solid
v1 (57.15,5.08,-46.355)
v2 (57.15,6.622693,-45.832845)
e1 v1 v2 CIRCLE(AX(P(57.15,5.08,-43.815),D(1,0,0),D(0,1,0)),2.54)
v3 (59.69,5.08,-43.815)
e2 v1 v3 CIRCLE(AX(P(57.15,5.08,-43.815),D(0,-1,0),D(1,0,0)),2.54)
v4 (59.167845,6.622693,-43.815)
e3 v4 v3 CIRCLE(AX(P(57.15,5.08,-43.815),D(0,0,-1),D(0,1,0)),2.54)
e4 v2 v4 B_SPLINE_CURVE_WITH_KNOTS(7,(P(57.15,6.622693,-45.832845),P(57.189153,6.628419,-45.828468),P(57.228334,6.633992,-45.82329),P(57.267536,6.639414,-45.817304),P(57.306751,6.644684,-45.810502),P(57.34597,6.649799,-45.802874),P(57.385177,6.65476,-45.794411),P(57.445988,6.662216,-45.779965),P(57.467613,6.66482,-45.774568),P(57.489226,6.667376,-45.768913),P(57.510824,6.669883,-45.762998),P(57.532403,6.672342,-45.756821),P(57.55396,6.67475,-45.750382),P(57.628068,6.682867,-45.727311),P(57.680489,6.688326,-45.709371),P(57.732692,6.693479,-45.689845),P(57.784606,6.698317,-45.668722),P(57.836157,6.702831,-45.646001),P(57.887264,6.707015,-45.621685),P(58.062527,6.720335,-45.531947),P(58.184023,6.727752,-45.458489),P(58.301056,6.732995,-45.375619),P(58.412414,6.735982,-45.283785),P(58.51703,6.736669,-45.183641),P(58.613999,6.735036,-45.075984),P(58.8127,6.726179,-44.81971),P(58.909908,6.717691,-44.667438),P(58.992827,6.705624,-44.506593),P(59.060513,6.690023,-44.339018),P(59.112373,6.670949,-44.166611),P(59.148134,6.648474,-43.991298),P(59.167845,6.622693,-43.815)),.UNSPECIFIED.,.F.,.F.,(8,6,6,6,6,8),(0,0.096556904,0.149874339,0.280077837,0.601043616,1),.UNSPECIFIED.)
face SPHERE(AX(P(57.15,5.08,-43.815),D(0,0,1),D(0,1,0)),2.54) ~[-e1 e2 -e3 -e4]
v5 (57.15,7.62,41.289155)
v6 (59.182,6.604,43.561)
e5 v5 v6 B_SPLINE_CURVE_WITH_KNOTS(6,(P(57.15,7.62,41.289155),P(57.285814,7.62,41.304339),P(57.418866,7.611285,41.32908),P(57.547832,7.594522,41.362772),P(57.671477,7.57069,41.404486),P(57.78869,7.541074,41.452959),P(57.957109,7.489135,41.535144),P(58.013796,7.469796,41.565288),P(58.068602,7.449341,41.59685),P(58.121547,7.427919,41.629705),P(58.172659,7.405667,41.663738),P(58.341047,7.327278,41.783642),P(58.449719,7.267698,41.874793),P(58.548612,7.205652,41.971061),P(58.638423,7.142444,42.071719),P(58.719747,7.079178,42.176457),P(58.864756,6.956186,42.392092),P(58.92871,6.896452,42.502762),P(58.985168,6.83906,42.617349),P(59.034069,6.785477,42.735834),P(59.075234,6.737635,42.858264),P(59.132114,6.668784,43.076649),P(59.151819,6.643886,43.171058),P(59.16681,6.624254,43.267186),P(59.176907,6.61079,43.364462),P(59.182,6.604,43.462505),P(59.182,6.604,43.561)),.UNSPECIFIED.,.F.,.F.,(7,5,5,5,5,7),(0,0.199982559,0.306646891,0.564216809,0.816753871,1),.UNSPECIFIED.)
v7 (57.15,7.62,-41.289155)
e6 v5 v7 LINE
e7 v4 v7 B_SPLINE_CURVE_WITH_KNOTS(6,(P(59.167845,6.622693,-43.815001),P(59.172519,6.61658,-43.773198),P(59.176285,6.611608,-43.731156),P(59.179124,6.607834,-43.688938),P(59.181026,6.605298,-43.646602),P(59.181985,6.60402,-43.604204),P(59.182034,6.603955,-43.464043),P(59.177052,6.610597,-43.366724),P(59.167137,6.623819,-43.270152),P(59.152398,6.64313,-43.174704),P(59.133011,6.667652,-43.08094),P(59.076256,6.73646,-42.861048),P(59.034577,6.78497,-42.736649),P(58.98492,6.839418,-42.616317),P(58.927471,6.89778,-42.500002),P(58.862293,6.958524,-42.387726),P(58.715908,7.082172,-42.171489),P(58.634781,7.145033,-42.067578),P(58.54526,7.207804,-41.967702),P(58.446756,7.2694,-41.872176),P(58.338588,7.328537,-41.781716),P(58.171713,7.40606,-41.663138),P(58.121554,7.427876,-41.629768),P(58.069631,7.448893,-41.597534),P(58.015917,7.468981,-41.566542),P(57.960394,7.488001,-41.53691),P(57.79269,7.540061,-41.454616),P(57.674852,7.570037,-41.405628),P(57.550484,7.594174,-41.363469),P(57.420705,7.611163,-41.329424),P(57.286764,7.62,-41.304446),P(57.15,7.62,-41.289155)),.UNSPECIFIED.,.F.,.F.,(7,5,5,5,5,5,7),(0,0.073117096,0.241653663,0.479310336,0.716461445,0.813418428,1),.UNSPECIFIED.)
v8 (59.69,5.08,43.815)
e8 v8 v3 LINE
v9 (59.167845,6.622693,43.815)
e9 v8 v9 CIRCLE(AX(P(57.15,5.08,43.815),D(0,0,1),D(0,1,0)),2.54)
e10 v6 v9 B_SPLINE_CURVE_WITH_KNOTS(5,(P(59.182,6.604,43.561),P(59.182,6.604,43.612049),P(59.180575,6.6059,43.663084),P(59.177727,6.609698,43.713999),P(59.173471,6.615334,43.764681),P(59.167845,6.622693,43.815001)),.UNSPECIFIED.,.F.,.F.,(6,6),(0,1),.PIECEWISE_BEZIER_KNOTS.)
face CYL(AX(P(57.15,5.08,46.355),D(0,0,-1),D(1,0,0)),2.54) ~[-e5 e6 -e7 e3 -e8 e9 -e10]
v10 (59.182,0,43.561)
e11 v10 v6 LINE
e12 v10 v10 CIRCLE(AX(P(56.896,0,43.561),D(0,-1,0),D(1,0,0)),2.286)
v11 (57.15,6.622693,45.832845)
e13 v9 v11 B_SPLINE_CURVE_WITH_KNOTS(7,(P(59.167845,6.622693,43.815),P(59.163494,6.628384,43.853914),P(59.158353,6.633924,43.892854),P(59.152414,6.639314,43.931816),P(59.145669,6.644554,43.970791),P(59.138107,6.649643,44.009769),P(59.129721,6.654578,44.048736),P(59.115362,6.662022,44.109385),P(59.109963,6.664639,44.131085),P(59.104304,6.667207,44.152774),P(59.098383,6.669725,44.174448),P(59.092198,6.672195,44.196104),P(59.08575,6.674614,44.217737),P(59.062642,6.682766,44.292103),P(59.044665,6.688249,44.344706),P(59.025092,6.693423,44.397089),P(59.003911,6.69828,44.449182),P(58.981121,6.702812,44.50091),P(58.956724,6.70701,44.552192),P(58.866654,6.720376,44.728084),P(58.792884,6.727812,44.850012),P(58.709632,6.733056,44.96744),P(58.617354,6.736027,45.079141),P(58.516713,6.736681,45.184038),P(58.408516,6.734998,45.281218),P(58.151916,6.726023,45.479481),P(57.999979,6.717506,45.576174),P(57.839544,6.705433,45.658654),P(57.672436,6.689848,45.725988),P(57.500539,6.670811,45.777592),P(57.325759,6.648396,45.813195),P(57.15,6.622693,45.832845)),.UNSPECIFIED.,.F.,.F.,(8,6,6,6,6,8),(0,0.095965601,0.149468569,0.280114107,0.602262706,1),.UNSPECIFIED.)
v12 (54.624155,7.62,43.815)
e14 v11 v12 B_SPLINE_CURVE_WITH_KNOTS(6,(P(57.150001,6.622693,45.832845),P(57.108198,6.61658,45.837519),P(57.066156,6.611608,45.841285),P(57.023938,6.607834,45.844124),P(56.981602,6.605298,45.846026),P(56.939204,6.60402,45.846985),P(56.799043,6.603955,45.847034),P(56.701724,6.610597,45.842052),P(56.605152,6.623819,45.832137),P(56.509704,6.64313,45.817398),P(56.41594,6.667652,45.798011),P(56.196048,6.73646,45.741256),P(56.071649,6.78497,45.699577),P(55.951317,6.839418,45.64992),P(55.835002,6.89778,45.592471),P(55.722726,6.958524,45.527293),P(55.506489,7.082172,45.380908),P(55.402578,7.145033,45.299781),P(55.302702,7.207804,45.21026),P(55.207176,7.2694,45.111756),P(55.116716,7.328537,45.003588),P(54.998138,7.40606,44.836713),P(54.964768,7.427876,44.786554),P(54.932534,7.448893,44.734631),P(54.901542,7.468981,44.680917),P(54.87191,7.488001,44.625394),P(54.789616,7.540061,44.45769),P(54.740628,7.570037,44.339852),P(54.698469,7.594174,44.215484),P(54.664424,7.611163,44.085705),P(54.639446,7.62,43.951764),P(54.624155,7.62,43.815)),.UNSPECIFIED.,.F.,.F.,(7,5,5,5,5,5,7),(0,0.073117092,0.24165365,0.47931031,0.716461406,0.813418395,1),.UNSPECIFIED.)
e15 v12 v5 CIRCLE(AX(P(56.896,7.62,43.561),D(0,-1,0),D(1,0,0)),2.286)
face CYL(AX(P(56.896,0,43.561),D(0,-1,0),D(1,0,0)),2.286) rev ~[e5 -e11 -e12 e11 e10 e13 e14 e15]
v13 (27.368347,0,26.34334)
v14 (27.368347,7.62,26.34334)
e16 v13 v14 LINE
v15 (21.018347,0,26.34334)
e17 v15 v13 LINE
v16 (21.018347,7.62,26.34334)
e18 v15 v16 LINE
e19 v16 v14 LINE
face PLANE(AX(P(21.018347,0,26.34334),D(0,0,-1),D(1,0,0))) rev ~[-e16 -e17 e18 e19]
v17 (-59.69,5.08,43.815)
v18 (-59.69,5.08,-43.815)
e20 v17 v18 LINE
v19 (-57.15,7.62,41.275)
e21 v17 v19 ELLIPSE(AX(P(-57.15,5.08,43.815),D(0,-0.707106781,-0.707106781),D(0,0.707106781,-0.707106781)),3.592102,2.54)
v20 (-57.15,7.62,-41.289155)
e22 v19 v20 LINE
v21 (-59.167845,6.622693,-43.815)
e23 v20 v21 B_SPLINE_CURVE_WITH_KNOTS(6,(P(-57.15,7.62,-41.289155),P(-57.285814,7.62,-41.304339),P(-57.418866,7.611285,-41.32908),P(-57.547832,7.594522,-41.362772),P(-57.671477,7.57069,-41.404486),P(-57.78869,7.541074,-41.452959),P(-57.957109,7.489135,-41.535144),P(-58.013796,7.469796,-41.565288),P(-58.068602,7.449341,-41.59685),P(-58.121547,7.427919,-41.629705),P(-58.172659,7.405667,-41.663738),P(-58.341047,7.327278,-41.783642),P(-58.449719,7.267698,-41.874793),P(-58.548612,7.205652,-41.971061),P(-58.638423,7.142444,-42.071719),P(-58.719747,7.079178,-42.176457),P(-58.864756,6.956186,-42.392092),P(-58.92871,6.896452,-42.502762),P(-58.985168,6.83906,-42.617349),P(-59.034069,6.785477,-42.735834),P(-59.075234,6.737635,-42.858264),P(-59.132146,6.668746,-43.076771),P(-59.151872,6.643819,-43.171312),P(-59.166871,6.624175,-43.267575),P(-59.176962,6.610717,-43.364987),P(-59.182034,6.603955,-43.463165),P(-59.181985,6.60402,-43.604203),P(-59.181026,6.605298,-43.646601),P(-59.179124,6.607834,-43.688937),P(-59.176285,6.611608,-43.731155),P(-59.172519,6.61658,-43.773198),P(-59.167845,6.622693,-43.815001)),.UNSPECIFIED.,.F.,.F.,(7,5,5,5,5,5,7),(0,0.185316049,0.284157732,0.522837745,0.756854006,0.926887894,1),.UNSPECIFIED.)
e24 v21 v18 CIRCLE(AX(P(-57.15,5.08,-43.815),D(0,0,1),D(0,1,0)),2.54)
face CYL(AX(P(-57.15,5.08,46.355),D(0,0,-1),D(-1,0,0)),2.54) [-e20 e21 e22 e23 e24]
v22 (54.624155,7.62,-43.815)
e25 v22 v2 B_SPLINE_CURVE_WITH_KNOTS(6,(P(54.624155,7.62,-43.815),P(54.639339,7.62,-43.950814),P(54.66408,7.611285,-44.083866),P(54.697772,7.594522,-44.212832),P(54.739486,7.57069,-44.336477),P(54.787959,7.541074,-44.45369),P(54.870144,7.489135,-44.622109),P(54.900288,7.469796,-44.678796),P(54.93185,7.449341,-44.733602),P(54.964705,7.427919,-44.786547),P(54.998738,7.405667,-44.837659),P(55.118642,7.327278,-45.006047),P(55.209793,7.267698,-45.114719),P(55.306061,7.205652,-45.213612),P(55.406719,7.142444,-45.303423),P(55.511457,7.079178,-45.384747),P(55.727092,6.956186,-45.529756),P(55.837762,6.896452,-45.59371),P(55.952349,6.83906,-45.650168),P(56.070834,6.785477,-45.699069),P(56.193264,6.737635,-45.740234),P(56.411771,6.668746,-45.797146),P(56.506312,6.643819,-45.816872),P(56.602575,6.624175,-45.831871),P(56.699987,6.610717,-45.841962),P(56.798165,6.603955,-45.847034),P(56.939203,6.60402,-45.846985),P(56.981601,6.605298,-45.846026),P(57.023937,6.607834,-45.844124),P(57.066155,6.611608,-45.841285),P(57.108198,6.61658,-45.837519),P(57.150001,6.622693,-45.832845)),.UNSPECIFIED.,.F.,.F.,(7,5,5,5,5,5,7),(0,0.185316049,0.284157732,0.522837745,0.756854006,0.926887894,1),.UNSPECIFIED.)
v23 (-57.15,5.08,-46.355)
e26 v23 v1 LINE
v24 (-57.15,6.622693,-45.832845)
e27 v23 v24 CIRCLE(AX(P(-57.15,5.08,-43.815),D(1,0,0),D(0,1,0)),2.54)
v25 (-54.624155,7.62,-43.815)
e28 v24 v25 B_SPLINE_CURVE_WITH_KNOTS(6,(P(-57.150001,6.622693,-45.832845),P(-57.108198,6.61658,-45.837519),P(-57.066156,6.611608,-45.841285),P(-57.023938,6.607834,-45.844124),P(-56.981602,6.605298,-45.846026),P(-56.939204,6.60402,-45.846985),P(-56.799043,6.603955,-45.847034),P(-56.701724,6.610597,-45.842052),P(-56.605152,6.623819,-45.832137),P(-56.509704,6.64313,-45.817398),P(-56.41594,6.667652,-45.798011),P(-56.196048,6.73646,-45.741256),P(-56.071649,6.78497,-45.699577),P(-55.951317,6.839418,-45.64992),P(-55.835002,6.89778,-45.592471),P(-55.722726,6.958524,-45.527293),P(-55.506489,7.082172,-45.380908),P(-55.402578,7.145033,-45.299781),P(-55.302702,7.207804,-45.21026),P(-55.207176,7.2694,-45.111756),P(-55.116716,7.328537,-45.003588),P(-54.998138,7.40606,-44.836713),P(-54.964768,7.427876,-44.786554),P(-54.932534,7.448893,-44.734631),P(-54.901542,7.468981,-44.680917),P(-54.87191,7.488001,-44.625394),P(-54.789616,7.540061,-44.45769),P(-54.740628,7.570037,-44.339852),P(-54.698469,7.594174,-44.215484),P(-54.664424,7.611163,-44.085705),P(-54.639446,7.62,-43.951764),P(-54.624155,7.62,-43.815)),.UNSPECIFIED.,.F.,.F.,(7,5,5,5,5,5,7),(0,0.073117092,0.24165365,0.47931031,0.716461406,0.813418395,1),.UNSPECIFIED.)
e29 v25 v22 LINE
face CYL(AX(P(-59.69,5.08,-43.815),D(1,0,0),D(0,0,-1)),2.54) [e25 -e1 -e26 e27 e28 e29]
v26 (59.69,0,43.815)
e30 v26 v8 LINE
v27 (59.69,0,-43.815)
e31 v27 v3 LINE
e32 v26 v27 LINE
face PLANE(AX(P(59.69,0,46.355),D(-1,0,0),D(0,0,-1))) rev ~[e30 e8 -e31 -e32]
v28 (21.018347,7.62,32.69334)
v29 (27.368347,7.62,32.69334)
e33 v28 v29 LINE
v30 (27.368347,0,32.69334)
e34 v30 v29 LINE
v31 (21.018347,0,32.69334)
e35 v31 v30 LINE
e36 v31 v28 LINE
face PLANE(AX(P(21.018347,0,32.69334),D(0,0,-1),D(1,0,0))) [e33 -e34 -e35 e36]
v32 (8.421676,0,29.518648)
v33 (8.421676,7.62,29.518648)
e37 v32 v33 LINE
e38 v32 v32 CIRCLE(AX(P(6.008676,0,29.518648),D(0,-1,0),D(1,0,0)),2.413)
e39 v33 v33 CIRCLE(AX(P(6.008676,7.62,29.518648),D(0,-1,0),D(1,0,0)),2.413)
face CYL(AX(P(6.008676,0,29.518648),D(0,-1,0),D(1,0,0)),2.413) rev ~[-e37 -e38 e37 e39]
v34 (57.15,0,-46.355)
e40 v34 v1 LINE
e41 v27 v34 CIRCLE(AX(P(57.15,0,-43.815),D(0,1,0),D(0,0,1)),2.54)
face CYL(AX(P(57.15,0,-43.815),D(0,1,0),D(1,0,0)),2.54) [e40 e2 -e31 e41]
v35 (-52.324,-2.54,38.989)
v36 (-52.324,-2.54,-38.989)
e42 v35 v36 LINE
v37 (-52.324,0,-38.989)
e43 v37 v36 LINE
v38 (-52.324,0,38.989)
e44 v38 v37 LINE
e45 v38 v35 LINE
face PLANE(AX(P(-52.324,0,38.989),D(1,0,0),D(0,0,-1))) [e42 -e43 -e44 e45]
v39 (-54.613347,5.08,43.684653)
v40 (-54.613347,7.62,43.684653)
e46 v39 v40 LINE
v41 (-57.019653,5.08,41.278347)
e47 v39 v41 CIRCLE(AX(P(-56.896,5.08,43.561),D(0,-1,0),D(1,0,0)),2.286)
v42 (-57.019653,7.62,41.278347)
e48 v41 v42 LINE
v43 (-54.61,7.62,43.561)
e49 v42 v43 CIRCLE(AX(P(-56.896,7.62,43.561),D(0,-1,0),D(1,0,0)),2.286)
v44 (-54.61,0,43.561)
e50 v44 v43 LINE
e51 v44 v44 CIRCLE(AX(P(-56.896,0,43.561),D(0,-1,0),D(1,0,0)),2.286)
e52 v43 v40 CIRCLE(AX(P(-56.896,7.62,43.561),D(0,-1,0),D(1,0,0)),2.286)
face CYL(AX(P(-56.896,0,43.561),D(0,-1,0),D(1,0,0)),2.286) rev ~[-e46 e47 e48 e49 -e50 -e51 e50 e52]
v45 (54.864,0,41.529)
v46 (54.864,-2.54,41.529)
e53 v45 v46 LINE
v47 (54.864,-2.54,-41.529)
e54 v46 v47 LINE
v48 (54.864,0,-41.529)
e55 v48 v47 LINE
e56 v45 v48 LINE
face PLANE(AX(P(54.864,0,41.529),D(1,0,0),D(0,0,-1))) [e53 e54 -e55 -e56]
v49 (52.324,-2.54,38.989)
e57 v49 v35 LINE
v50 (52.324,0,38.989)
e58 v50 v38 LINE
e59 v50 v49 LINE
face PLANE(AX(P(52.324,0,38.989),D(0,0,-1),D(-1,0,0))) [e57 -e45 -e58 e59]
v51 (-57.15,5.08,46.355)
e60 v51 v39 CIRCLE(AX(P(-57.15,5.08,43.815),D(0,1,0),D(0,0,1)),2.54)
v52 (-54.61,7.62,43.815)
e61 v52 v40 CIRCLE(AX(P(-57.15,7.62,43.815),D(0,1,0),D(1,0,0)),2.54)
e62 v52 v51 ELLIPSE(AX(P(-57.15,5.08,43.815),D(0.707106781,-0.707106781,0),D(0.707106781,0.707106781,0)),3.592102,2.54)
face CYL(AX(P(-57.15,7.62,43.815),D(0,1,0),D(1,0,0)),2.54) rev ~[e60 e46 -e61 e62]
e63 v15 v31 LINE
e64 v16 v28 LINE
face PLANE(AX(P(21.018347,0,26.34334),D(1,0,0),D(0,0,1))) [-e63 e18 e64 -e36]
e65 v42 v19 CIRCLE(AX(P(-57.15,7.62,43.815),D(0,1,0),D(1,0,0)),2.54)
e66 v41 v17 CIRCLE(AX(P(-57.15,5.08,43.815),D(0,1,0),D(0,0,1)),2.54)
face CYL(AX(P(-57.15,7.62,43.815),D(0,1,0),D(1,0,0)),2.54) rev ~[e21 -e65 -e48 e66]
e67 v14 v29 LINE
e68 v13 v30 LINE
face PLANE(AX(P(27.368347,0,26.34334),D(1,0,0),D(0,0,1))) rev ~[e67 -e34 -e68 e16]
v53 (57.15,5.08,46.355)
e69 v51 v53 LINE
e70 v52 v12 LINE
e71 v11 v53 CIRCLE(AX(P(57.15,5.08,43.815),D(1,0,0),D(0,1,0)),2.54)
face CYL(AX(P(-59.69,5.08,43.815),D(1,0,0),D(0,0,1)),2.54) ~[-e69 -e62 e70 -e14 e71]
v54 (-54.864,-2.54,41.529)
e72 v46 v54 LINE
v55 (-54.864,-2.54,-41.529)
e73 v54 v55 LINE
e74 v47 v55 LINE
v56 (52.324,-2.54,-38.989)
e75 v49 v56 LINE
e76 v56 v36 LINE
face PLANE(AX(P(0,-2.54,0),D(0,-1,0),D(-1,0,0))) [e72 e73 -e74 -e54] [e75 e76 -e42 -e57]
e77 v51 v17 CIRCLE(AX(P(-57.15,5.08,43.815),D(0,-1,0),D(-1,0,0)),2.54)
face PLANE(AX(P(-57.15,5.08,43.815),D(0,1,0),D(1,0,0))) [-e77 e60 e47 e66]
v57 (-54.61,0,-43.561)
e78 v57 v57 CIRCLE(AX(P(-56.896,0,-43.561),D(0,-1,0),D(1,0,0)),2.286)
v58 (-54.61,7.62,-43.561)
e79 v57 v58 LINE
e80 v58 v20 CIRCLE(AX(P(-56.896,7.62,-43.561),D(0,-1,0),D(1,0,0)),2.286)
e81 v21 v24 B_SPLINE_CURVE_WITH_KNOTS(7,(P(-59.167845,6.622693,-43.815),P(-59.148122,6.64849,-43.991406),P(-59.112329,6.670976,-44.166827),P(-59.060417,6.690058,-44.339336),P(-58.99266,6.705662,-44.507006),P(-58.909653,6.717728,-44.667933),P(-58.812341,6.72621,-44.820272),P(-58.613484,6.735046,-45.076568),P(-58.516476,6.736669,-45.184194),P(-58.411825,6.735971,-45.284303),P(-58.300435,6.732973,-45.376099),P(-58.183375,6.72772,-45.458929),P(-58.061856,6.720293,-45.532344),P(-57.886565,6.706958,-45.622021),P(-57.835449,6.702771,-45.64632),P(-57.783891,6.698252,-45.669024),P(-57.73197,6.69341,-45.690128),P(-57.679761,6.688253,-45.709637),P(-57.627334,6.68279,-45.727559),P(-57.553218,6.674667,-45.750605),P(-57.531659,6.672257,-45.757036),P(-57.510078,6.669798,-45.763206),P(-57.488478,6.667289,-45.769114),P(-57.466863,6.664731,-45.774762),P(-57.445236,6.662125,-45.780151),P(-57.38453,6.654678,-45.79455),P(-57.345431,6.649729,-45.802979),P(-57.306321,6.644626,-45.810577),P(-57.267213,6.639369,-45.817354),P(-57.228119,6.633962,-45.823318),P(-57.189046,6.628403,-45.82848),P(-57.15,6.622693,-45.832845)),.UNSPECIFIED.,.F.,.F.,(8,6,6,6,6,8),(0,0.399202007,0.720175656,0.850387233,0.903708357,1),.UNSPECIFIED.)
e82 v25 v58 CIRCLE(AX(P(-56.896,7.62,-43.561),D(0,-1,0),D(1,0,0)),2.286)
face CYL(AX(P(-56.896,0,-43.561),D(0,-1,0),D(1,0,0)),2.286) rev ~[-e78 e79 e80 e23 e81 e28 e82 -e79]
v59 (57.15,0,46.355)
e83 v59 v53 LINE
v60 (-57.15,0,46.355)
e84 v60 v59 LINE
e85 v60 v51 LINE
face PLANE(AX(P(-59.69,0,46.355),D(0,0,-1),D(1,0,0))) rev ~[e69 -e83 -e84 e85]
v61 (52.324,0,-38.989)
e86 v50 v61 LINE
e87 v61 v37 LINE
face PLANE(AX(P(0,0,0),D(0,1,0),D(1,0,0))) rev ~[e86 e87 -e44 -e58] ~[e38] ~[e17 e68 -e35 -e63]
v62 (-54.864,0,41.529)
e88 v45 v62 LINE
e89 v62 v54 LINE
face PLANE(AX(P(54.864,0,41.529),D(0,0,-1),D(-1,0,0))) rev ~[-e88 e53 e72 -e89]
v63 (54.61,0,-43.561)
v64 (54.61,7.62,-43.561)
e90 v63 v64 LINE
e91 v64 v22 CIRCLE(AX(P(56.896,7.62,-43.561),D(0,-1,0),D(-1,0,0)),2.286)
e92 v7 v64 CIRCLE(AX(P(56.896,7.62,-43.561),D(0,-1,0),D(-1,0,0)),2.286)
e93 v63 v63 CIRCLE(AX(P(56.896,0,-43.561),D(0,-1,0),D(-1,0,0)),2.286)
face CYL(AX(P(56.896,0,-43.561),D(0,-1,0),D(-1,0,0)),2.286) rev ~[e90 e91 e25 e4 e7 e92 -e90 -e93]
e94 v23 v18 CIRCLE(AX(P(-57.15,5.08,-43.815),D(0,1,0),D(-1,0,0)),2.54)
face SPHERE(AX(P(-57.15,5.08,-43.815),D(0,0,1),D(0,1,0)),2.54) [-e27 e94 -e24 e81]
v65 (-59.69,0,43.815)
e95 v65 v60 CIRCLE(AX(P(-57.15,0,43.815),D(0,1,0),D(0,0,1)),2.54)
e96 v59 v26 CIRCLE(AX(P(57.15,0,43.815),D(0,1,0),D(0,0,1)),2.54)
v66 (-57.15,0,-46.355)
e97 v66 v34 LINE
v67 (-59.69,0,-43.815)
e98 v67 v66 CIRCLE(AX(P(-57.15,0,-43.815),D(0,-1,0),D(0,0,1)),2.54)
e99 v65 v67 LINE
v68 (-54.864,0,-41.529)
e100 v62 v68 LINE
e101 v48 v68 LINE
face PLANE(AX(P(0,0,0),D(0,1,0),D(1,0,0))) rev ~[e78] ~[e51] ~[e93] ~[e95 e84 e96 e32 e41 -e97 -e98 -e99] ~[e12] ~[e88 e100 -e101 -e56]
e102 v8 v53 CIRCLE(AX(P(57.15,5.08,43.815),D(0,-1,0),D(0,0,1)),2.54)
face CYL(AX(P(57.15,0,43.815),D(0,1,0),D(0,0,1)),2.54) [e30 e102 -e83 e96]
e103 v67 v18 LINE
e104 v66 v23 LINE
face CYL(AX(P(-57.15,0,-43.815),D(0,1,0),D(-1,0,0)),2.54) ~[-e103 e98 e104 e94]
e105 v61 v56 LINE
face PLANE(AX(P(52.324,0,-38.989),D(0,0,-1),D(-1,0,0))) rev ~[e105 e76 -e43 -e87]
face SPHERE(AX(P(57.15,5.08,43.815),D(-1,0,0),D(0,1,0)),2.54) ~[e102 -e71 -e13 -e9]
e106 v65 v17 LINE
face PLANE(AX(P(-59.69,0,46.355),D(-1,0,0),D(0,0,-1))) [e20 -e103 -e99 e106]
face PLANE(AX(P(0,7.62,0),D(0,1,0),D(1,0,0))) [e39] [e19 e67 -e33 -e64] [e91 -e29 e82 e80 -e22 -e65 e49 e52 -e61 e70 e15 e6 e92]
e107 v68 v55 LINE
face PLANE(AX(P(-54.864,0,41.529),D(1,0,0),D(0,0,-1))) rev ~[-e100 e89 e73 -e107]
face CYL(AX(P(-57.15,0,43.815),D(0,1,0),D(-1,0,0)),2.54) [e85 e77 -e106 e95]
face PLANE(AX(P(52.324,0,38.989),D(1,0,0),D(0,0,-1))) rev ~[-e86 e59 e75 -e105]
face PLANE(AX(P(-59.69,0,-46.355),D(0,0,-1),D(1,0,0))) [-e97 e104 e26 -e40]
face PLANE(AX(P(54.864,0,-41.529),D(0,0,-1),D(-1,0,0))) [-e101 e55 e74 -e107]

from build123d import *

# Parameters (mm, degrees)
SKETCH1_W           = 119.38
SKETCH1_H           = 92.71
BOSS_EXTRUDE1_DEPTH = 7.62
FILLET1_R           = 2.54
SKETCH3_R           = 2.413
CUT_EXTRUDE1_DEPTH  = 8.128
SKETCH4_W           = 6.35
SKETCH4_H           = 6.35
CUT_EXTRUDE2_DEPTH  = 7.62
SKETCH5_R           = 2.54
CUT_EXTRUDE3_DEPTH  = 2.54
SKETCH6_W           = 109.728
SKETCH6_H           = 83.058
SKETCH6_W_2         = 104.648
SKETCH6_H_2         = 77.978
BOSS_EXTRUDE2_DEPTH = 2.54
SKETCH8_R           = 2.286
CUT_EXTRUDE4_DEPTH  = 8.62
SKETCH9_R           = 2.286
CUT_EXTRUDE5_DEPTH  = 8.6200001
SKETCH11_R          = 2.286
CUT_EXTRUDE6_DEPTH  = 8.6200001
SKETCH12_R          = 2.286
CUT_EXTRUDE7_DEPTH  = 8.6200001


with BuildPart() as part:
    # Sketch1 → Boss-Extrude1 (new body)
    with BuildSketch(Plane(origin=(0, 0, 0), x_dir=(1, 0, 0), z_dir=(0, 1, 0))):
        Rectangle(SKETCH1_W, SKETCH1_H)
    extrude(amount=BOSS_EXTRUDE1_DEPTH)

    # Fillet1
    fillet1_edges = [part.edges().sort_by_distance(p)[0] for p in [
        (-59.69, 7.62, 0),
        (0, 7.62, 46.355),
        (59.69, 7.62, 0),
        (0, 7.62, -46.355),
        (59.69, 3.81, 46.355),
        (-59.69, 3.81, 46.355),
        (-59.69, 3.81, -46.355),
        (59.69, 3.81, -46.355),
    ]]
    fillet(fillet1_edges, radius=FILLET1_R)

    # Sketch3 → Cut-Extrude1 (cut)
    with BuildSketch(Plane.XZ):
        with Locations((6.008676456, 29.518648142)):
            Circle(SKETCH3_R)
    extrude(amount=-CUT_EXTRUDE1_DEPTH, mode=Mode.SUBTRACT)

    # Sketch4 → Cut-Extrude2 (cut)
    with BuildSketch(Plane.XZ):
        with Locations((24.193347407, 29.518339929)):
            Rectangle(SKETCH4_W, SKETCH4_H)
    extrude(amount=-CUT_EXTRUDE2_DEPTH, mode=Mode.SUBTRACT)

    # Sketch5 → Cut-Extrude3 (cut)
    with BuildSketch(Plane(origin=(0, 7.62, 0), x_dir=(1, 0, 0), z_dir=(0, 1, 0))):
        with Locations((-57.15, -43.815)):
            Circle(SKETCH5_R)
    extrude(amount=-CUT_EXTRUDE3_DEPTH, mode=Mode.SUBTRACT)

    # Sketch6 → Boss-Extrude2 (add)
    with BuildSketch(Plane(origin=(0, 0, 0), x_dir=(-1, 0, 0), z_dir=(0, -1, 0))):
        Rectangle(SKETCH6_W, SKETCH6_H)
        Rectangle(SKETCH6_W_2, SKETCH6_H_2, mode=Mode.SUBTRACT)
    extrude(amount=BOSS_EXTRUDE2_DEPTH)

    # Sketch8 → Cut-Extrude4 (cut, through all)
    with BuildSketch(Plane.XZ):
        with Locations((56.896, 43.561)):
            Circle(SKETCH8_R)
    extrude(amount=-CUT_EXTRUDE4_DEPTH, mode=Mode.SUBTRACT)

    # Sketch9 → Cut-Extrude5 (cut, through all)
    with BuildSketch(Plane(origin=(0, 0, 0), x_dir=(-1, 0, 0), z_dir=(0, -1, 0))):
        with Locations((-56.896, 43.561)):
            Circle(SKETCH9_R)
    extrude(amount=-CUT_EXTRUDE5_DEPTH, mode=Mode.SUBTRACT)

    # Sketch11 → Cut-Extrude6 (cut, through all)
    with BuildSketch(Plane.XZ):
        with Locations((-56.896, -43.561)):
            Circle(SKETCH11_R)
    extrude(amount=-CUT_EXTRUDE6_DEPTH, mode=Mode.SUBTRACT)

    # Sketch12 → Cut-Extrude7 (cut, through all)
    with BuildSketch(Plane.XZ):
        with Locations((-56.896, 43.561)):
            Circle(SKETCH12_R)
    extrude(amount=-CUT_EXTRUDE7_DEPTH, mode=Mode.SUBTRACT)


solid = part.part
